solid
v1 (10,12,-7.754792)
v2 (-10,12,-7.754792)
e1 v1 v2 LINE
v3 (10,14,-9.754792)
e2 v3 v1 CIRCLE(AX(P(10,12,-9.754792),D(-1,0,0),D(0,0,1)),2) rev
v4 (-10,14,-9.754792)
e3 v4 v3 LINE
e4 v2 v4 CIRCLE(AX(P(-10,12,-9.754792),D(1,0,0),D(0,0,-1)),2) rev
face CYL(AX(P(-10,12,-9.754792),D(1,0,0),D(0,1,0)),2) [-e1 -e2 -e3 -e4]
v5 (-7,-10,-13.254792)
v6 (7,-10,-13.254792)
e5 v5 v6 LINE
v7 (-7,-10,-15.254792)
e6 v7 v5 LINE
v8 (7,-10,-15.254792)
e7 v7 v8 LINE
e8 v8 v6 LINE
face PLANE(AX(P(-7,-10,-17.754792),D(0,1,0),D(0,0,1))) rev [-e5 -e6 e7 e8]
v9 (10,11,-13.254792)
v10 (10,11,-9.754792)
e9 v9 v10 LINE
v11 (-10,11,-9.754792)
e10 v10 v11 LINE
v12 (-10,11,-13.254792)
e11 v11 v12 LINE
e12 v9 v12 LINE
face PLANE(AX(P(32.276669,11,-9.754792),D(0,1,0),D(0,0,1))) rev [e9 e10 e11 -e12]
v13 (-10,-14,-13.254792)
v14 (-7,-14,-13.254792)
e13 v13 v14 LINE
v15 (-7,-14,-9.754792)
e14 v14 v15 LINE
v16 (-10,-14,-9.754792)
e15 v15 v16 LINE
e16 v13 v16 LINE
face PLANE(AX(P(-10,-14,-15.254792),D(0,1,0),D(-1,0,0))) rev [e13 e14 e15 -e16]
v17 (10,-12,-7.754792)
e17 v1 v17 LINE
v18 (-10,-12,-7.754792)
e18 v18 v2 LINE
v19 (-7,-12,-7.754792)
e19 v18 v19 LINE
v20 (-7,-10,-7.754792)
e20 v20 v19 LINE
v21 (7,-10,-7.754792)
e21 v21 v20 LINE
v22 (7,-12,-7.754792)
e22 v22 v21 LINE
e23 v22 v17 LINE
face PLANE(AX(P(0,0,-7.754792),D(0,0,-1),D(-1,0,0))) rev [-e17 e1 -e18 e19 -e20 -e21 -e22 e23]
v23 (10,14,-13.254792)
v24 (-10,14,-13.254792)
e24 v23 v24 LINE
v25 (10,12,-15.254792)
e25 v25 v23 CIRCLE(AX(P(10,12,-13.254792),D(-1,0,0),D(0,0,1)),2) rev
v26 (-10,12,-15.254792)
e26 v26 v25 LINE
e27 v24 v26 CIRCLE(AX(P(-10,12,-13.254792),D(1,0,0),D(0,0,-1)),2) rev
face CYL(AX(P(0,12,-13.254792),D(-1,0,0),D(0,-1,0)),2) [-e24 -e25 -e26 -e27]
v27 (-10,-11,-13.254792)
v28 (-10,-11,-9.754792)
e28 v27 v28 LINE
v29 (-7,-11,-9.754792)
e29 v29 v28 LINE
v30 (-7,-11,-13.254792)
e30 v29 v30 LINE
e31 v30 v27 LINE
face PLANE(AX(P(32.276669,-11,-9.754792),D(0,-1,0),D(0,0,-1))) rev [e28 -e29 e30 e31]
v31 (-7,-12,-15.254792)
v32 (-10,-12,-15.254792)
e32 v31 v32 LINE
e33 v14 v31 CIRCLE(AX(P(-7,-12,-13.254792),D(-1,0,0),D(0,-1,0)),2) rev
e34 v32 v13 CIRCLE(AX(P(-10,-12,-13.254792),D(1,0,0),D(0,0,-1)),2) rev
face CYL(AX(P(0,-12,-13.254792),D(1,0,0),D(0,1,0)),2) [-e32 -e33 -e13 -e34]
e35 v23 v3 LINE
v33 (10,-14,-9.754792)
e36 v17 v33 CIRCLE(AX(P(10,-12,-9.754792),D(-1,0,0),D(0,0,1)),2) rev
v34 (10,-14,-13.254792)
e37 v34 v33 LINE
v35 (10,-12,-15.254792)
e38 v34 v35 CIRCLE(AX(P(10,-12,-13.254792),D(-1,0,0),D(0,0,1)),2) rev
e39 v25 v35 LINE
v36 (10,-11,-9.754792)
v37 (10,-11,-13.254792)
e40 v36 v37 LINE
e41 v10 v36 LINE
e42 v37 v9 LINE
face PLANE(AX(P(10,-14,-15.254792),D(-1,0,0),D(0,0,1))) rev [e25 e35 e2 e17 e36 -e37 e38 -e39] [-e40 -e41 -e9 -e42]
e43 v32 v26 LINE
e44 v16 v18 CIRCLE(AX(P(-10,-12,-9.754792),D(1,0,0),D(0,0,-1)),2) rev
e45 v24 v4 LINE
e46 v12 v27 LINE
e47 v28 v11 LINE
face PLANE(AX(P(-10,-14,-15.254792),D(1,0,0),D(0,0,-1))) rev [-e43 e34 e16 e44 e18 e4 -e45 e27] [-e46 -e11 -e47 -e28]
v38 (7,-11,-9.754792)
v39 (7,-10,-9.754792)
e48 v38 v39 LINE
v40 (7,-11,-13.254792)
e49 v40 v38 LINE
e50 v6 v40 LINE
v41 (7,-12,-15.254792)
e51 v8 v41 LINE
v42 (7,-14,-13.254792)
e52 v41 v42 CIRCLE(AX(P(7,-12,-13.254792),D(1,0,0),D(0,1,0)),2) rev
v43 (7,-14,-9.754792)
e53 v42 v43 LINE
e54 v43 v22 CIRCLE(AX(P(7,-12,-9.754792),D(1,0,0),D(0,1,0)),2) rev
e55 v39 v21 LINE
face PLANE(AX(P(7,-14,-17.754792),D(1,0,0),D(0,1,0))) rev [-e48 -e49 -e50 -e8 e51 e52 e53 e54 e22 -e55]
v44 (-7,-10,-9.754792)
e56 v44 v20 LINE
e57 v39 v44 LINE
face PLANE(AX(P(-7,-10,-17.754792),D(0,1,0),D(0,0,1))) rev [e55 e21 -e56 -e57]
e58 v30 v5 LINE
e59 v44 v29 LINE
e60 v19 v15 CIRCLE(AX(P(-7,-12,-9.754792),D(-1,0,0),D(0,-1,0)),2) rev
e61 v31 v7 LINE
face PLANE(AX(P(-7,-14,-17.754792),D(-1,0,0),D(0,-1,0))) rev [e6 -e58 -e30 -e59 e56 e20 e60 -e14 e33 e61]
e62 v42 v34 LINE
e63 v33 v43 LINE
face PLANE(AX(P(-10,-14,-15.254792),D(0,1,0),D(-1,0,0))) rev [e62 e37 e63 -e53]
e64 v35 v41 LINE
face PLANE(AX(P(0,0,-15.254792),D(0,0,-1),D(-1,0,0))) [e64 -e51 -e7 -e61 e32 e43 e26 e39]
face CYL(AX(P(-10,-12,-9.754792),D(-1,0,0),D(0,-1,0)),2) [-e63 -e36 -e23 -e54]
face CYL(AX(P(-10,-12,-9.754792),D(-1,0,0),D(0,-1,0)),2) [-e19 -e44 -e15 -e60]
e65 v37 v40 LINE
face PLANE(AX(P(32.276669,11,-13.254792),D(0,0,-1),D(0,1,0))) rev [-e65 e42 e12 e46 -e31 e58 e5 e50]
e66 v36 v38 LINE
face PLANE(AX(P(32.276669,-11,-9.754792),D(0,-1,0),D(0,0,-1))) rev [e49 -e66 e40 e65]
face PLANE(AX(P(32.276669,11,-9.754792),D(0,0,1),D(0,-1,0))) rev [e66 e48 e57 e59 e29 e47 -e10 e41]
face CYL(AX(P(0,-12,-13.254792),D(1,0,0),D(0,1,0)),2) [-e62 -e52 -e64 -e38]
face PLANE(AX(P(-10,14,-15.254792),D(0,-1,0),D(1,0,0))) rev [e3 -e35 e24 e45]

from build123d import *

# Parameters (mm, degrees)
SKETCH2_W           = 42
SKETCH2_H           = 8.4
BOSS_EXTRUDE1_DEPTH = 2
SKETCH3_W           = 3.55
SKETCH3_H           = 8.4
SKETCH3_W_2         = 10
BOSS_EXTRUDE2_DEPTH = 2
FILLET1_R           = 2
SKETCH4_R           = 1
CUT_EXTRUDE1_DEPTH  = 2
SKETCH5_W           = 20
SKETCH5_H           = 28
BOSS_EXTRUDE3_DEPTH = 7.5
FILLET2_R           = 2
SKETCH6_W           = 3.5
SKETCH6_H           = 22
CUT_EXTRUDE2_DEPTH  = 20
SKETCH7_W           = 44.314231138
SKETCH7_H           = 10.974489351
CUT_EXTRUDE3_DEPTH  = 4
SKETCH8_W           = 14
SKETCH8_H           = 4
CUT_EXTRUDE4_DEPTH  = 10


with BuildPart() as part:
    # Sketch2 → Boss-Extrude1 (new body)
    with BuildSketch(Plane.XY.offset(-7.754792002)):
        Rectangle(SKETCH2_W, SKETCH2_H)
    extrude(amount=BOSS_EXTRUDE1_DEPTH)

    # Sketch3 → Boss-Extrude2 (add)
    with BuildSketch(Plane.XY.offset(-5.754792002)):
        with Locations((-8.975, 0)):
            Rectangle(SKETCH3_W, SKETCH3_H)
        with Locations((8.975, 0)):
            Rectangle(SKETCH3_W, SKETCH3_H)
        Rectangle(SKETCH3_W_2, SKETCH3_H)
    extrude(amount=BOSS_EXTRUDE2_DEPTH)

    # Fillet1
    fillet1_edges = [part.edges().sort_by_distance(p)[0] for p in [
        (-21, 4.2, -6.754792002),
        (21, 4.2, -6.754792002),
        (21, -4.2, -6.754792002),
        (-21, -4.2, -6.754792002),
    ]]
    fillet(fillet1_edges, radius=FILLET1_R)

    # Sketch4 → Cut-Extrude1 (cut)
    with BuildSketch(Plane.XY.offset(-5.754792002)):
        with Locations((-17.75, 0)):
            Circle(SKETCH4_R)
        with Locations((17.75, 0)):
            Circle(SKETCH4_R)
    extrude(amount=-CUT_EXTRUDE1_DEPTH, mode=Mode.SUBTRACT)

    # Sketch5 → Boss-Extrude3 (add)
    with BuildSketch(Plane(origin=(0, 0, -7.754792002), x_dir=(-1, 0, 0), z_dir=(0, 0, -1))):
        Rectangle(SKETCH5_W, SKETCH5_H)
    extrude(amount=BOSS_EXTRUDE3_DEPTH)

    # Fillet2
    fillet2_edges = [part.edges().sort_by_distance(p)[0] for p in [
        (0, 14, -7.754792002),
        (0, -14, -7.754792002),
        (0, 14, -15.254792002),
        (0, -14, -15.254792002),
    ]]
    fillet(fillet2_edges, radius=FILLET2_R)

    # Sketch6 → Cut-Extrude2 (cut)
    with BuildSketch(Plane.ZY.offset(10)):
        with Locations((-11.504792002, 0)):
            Rectangle(SKETCH6_W, SKETCH6_H)
    extrude(amount=-CUT_EXTRUDE2_DEPTH, mode=Mode.SUBTRACT)

    # Sketch7 → Cut-Extrude3 (cut)
    with BuildSketch(Plane.XY.offset(-3.754792002)):
        with Locations((-0.219821089, -0.04579799)):
            Rectangle(SKETCH7_W, SKETCH7_H)
    extrude(amount=-CUT_EXTRUDE3_DEPTH, mode=Mode.SUBTRACT)

    # Sketch8 → Cut-Extrude4 (cut)
    with BuildSketch(Plane.XY.offset(-7.754792002)):
        with Locations((0, -12)):
            Rectangle(SKETCH8_W, SKETCH8_H)
    extrude(amount=-CUT_EXTRUDE4_DEPTH, mode=Mode.SUBTRACT)


solid = part.part
